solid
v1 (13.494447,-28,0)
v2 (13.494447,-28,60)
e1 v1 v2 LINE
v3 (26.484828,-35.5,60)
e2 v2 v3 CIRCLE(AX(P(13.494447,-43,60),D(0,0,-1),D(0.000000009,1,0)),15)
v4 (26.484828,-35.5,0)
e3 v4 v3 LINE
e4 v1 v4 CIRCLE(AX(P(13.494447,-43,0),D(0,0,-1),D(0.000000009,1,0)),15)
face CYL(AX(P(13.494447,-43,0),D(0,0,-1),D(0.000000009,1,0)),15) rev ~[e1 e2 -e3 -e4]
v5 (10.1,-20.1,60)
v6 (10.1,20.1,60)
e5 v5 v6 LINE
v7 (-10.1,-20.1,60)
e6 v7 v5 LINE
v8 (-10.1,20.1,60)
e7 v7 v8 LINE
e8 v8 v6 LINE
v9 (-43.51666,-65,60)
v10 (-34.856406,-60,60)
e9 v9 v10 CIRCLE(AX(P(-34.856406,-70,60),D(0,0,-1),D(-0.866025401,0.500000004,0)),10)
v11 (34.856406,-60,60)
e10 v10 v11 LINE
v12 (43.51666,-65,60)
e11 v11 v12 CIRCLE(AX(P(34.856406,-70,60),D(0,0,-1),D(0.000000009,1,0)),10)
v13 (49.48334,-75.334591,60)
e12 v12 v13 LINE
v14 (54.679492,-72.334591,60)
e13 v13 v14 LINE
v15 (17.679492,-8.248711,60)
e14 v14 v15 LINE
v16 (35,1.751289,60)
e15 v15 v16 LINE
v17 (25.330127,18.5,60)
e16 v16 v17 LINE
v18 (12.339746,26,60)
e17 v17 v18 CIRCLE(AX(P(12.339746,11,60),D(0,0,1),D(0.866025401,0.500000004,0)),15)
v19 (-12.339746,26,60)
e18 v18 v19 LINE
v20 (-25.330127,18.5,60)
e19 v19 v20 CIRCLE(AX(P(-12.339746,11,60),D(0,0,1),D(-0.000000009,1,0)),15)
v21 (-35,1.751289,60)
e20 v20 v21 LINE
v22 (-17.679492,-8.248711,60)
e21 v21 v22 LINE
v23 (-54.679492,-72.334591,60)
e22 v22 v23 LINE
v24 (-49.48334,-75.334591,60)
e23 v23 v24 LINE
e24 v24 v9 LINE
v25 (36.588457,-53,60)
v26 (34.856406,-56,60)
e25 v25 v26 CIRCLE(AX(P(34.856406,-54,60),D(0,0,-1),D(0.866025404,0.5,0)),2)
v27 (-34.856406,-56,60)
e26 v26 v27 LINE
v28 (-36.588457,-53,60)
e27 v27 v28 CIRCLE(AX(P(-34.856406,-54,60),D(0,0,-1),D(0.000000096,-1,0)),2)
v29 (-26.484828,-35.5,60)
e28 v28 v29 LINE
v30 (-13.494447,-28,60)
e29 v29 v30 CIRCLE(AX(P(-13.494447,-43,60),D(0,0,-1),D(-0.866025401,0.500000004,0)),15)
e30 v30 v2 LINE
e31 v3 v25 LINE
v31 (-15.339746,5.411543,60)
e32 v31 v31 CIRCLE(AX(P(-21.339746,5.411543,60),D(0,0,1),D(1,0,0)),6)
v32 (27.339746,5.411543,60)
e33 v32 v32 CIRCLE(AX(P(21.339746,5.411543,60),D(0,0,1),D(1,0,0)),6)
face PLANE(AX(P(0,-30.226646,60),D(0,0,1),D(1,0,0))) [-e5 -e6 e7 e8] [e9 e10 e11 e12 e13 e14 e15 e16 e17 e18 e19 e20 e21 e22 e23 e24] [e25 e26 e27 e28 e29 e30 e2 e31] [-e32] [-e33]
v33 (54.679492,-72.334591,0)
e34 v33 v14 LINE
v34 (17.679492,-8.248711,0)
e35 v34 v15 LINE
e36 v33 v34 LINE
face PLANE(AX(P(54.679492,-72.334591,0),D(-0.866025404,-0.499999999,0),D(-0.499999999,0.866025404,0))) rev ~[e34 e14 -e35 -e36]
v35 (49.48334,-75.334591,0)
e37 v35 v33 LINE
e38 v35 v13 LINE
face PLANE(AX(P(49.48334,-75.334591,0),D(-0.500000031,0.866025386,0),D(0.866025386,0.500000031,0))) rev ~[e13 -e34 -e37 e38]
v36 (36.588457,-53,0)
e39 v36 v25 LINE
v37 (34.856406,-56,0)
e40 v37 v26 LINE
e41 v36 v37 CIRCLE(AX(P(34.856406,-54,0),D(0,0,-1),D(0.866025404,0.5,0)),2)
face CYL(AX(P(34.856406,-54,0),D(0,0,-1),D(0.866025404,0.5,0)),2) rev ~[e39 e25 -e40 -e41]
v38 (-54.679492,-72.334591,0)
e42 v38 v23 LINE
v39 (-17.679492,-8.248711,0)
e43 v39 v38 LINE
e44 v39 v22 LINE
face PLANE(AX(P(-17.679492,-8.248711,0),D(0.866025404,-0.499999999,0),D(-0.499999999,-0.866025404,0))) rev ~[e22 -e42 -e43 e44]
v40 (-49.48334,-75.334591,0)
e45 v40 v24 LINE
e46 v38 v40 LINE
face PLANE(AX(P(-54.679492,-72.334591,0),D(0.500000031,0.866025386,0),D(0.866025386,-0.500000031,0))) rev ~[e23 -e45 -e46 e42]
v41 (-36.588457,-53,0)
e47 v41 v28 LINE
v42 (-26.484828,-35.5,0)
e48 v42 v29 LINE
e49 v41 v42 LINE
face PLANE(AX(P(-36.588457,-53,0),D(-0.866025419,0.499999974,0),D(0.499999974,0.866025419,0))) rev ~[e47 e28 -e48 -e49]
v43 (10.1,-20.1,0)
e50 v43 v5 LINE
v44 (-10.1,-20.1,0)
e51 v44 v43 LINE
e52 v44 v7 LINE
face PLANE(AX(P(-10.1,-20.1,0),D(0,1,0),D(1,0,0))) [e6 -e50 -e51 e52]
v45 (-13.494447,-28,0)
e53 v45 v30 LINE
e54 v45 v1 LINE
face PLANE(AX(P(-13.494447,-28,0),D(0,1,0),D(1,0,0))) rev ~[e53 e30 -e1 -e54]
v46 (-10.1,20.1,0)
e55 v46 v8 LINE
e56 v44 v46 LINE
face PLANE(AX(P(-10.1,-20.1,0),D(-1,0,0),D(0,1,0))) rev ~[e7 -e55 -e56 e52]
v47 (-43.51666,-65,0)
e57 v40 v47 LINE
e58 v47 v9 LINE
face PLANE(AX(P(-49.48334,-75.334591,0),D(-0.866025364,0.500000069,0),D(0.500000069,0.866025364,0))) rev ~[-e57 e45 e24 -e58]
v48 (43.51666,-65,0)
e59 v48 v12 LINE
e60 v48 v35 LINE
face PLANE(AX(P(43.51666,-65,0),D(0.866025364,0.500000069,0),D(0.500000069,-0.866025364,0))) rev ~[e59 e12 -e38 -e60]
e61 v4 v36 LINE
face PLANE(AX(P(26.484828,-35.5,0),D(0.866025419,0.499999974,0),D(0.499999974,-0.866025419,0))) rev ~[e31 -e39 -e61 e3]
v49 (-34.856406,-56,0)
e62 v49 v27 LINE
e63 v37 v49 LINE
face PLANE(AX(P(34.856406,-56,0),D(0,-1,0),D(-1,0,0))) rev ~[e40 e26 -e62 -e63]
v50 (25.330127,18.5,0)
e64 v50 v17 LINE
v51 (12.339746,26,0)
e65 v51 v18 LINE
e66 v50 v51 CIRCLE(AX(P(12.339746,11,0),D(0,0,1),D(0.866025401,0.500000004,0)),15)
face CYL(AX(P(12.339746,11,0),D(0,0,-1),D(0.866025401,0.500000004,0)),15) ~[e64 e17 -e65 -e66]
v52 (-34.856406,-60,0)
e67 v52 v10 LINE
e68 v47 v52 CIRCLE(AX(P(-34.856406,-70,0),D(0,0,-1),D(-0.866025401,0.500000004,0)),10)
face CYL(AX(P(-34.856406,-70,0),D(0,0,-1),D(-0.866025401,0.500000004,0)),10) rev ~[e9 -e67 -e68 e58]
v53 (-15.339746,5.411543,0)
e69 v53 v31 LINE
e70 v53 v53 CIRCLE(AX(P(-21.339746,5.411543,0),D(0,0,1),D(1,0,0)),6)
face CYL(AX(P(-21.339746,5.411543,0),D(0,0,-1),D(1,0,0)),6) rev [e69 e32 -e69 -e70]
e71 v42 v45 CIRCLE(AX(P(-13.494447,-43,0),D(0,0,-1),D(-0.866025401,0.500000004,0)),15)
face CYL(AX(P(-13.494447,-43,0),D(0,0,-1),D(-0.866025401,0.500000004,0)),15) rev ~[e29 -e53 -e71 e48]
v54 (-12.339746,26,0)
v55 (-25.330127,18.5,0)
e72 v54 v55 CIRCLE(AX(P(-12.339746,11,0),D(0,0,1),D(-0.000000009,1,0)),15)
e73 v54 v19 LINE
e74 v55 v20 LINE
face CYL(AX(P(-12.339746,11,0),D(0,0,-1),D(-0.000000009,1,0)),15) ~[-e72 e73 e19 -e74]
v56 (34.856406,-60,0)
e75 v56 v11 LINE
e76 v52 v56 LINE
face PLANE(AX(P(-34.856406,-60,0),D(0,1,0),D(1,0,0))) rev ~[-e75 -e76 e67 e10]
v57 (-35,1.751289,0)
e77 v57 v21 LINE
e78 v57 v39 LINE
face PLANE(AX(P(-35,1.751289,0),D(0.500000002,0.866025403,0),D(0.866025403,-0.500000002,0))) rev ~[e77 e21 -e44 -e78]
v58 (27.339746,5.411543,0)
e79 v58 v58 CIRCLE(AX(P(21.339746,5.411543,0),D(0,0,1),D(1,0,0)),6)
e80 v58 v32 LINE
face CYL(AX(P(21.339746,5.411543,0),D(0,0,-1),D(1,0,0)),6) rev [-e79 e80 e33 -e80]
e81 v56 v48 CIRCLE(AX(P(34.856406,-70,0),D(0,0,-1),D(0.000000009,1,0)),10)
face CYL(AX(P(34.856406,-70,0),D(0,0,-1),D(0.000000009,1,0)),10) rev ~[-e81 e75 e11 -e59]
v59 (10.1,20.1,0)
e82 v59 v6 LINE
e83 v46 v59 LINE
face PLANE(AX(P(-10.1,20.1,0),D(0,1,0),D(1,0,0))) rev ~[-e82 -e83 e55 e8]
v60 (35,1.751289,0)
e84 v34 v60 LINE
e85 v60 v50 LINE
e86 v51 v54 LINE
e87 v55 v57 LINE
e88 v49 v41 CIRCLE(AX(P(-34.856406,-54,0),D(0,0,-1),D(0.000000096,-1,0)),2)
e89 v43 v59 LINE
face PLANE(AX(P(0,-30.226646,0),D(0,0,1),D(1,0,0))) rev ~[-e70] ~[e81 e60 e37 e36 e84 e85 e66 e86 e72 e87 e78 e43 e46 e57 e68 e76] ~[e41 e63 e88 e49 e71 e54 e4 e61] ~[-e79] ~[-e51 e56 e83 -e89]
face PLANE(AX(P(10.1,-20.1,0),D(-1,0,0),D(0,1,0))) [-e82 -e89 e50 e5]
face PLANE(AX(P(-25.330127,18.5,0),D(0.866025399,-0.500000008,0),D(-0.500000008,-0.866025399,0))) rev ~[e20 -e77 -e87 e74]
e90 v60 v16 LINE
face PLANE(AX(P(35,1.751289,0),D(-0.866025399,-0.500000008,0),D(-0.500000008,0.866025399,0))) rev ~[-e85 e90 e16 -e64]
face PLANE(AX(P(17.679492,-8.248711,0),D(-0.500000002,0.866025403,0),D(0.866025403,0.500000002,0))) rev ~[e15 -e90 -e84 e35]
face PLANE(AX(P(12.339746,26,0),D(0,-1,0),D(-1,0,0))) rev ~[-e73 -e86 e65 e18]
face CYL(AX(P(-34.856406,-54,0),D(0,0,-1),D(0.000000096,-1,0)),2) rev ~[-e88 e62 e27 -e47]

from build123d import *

# Parameters (mm, degrees)
F0_W     = 20.2
F0_H     = 40.2
F0_R     = 6
F1_DEPTH = 60


with BuildPart() as f1:
    # F0 (on Top) → F1 (new body)
    with BuildSketch(Plane.XY):
        with BuildLine():
            Line((-25.330127, 18.5), (-35, 1.751289))
            Line((-35, 1.751289), (-17.679492, -8.248711))
            Line((-17.679492, -8.248711), (-54.679492, -72.334591))
            Line((-54.679492, -72.334591), (-49.48334, -75.334591))
            Line((-49.48334, -75.334591), (-43.51666, -65))
            ThreePointArc((-43.51666, -65), (-39.856406, -61.339746), (-34.856406, -60))
            Line((-34.856406, -60), (34.856406, -60))
            ThreePointArc((34.856406, -60), (39.856406, -61.339746), (43.51666, -65))
            Line((43.51666, -65), (49.48334, -75.334591))
            Line((49.48334, -75.334591), (54.679492, -72.334591))
            Line((54.679492, -72.334591), (17.679492, -8.248711))
            Line((17.679492, -8.248711), (35, 1.751289))
            Line((35, 1.751289), (25.330127, 18.5))
            ThreePointArc((25.330127, 18.5), (19.839746, 23.990381), (12.339746, 26))
            Line((12.339746, 26), (-12.339746, 26))
            ThreePointArc((-12.339746, 26), (-19.839746, 23.990381), (-25.330127, 18.5))
        make_face()
        with BuildLine():
            ThreePointArc((-26.484828, -35.5), (-20.994447, -30.009619), (-13.494447, -28))
            Line((-13.494447, -28), (13.494447, -28))
            ThreePointArc((13.494447, -28), (20.994447, -30.009619), (26.484828, -35.5))
            Line((26.484828, -35.5), (36.588457, -53))
            ThreePointArc((36.588457, -53), (36.588457, -55), (34.856406, -56))
            Line((34.856406, -56), (-34.856406, -56))
            ThreePointArc((-34.856406, -56), (-36.588457, -55), (-36.588457, -53))
            Line((-36.588457, -53), (-26.484828, -35.5))
        make_face(mode=Mode.SUBTRACT)
        Rectangle(F0_W, F0_H, mode=Mode.SUBTRACT)
        with Locations((-21.339746, 5.411543)):
            Circle(F0_R, mode=Mode.SUBTRACT)
        with Locations((21.339746, 5.411543)):
            Circle(F0_R, mode=Mode.SUBTRACT)
    extrude(amount=F1_DEPTH)


solid = f1.part
